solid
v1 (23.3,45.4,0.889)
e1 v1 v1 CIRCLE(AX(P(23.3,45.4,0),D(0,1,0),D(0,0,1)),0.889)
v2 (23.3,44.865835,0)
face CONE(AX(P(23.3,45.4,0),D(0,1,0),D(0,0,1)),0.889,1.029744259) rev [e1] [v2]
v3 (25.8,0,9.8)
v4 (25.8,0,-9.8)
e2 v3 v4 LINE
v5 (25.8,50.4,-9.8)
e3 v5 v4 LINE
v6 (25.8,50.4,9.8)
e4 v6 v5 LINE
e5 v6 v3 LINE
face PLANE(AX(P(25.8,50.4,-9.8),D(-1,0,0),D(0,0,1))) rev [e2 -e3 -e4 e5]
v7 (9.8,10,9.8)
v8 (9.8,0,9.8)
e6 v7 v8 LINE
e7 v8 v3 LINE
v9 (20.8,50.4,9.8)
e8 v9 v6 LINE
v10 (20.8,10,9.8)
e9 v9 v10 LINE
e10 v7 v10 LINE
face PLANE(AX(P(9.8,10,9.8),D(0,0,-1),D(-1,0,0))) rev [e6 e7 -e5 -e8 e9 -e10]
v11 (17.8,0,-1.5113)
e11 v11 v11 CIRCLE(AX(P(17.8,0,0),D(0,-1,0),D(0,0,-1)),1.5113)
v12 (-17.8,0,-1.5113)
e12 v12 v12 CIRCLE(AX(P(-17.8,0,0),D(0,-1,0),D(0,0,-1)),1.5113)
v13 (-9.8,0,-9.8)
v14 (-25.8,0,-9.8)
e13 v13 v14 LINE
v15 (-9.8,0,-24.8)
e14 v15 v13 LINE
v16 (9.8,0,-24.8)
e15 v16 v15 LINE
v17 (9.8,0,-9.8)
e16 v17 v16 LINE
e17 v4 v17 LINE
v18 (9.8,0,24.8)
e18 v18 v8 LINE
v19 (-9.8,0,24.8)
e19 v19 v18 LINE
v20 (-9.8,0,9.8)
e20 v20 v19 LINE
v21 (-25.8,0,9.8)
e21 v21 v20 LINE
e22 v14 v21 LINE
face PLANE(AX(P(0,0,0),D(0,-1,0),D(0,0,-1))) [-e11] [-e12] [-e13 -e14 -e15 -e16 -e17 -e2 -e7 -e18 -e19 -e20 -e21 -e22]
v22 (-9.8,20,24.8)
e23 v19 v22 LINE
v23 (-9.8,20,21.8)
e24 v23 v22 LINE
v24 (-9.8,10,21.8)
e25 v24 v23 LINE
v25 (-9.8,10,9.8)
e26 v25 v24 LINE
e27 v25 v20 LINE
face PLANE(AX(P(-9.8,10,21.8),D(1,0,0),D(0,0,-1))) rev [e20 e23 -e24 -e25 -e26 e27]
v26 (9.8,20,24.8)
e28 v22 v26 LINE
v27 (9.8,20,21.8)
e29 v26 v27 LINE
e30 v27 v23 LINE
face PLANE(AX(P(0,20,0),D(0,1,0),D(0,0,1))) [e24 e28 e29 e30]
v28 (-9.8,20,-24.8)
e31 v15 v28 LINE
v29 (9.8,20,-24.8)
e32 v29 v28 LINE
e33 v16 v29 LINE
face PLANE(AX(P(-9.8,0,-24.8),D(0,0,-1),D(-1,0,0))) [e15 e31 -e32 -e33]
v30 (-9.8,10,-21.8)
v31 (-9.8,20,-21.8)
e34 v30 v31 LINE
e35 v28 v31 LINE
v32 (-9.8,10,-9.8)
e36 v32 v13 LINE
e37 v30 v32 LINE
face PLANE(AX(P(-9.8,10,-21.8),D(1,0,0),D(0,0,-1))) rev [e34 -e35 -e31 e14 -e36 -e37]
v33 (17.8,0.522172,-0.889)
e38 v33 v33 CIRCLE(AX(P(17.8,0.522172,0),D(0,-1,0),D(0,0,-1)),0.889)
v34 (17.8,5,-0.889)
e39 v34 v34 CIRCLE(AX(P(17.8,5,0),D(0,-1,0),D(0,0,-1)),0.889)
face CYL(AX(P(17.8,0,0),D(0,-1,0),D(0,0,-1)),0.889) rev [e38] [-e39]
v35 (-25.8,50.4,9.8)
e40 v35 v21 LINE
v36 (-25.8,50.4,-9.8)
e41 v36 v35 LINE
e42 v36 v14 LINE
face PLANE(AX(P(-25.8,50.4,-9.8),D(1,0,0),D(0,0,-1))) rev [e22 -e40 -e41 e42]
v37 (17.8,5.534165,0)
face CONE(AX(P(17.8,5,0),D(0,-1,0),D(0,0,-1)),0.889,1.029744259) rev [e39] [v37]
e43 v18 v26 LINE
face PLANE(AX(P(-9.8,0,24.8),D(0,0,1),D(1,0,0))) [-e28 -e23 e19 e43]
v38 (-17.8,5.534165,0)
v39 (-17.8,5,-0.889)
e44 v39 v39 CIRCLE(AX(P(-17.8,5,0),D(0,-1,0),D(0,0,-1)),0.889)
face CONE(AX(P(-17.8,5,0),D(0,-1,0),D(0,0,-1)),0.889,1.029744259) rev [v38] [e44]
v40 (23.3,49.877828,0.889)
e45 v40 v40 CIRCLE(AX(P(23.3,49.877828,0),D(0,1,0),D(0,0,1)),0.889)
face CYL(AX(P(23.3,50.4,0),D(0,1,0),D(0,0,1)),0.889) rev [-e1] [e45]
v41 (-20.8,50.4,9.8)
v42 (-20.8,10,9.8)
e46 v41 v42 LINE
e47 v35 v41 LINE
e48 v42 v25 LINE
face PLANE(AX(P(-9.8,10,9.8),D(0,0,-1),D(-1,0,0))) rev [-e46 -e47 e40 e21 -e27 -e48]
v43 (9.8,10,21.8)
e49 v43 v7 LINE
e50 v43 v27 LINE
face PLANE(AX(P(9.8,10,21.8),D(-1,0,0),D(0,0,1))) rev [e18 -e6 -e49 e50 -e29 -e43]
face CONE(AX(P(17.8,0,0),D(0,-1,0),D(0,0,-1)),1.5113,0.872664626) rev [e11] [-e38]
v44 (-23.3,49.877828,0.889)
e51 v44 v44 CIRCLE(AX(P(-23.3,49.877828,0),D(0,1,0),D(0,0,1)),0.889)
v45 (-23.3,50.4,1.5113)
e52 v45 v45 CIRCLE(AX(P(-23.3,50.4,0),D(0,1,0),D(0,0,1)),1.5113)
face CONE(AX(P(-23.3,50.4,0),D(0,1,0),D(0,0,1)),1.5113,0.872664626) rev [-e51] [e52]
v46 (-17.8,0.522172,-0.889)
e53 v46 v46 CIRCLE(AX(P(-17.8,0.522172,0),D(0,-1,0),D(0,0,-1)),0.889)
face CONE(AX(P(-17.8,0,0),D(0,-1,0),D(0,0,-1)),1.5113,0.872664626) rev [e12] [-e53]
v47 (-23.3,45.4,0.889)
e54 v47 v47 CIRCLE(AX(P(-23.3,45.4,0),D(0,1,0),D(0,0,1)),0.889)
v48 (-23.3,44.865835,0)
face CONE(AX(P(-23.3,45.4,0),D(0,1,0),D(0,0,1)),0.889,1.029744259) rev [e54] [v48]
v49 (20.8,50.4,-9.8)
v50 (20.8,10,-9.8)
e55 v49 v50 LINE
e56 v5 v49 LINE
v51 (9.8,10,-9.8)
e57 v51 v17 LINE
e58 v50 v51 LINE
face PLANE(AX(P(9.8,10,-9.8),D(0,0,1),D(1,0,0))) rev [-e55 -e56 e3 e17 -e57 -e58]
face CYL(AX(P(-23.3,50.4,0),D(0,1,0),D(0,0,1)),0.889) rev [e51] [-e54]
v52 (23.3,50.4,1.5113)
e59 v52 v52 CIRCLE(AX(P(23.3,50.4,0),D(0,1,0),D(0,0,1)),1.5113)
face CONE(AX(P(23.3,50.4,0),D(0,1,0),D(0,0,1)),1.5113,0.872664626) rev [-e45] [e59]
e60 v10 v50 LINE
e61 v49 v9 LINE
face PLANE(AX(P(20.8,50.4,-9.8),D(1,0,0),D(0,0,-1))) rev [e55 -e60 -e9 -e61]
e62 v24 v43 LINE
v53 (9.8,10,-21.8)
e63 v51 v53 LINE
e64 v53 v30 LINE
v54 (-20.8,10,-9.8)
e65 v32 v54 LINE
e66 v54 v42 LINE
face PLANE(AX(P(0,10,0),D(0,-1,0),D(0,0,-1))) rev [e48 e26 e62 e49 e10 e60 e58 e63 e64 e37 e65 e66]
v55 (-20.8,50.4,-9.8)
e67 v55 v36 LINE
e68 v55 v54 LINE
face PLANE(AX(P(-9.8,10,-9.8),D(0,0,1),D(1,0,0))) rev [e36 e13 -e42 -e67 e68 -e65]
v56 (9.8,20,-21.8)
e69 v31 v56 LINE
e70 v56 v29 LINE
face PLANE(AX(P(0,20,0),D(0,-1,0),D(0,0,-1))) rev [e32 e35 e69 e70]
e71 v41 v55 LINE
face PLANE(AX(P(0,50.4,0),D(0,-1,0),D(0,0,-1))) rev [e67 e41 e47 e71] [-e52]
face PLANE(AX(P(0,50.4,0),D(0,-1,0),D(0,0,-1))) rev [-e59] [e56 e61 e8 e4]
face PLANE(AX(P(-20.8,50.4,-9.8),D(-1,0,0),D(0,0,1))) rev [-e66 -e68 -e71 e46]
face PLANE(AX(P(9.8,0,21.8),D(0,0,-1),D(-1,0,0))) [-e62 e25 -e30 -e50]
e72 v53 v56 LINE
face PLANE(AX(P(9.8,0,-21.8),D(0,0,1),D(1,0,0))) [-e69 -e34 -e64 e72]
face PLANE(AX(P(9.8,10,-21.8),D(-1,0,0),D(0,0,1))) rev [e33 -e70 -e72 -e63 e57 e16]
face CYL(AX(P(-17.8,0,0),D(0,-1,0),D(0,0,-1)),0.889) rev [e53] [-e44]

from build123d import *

# Parameters (mm, degrees)
RESSALTO_EXTRUS_O1_DEPTH                             = 10
ESBO_O2_W                                            = 5
ESBO_O2_H                                            = 19.6
RESSALTO_EXTRUS_O2_DEPTH                             = 50.4
RESSALTO_EXTRUS_O3_DEPTH                             = 10
RESSALTO_EXTRUS_O3_DEPTH_BACK                        = 10
ESBO_O3_W                                            = 19.6
ESBO_O3_H                                            = 3
ESCAREADO_PARA_PARAFUSO_DE_M_QUINA_COM_C_D           = 1.778
ESCAREADO_PARA_PARAFUSO_DE_M_QUINA_COM_C_DEPTH       = 5
ESCAREADO_PARA_PARAFUSO_DE_M_QUINA_COM_C_CSINK_D     = 3.0226
ESCAREADO_PARA_PARAFUSO_DE_M_QUINA_COM_C_CSINK_ANGLE = 100
ESCAREADO_PARA_PARAFUSO_DE_M_QUINA_COM_C_TIP         = 0.53416509
ESCAREADO_PARA_PARAFUSO_DE_M_QUINA_C_2_D             = 1.778
ESCAREADO_PARA_PARAFUSO_DE_M_QUINA_C_2_DEPTH         = 5
ESCAREADO_PARA_PARAFUSO_DE_M_QUINA_C_2_CSINK_D       = 3.0226
ESCAREADO_PARA_PARAFUSO_DE_M_QUINA_C_2_CSINK_ANGLE   = 100
ESCAREADO_PARA_PARAFUSO_DE_M_QUINA_C_2_TIP           = 0.53416509


with BuildPart() as part:
    # Esboço1 → Ressalto-extrusão1 (new body)
    with BuildSketch(Plane(origin=(0, 0, 0), x_dir=(1, 0, 0), z_dir=(0, 1, 0))):
        Polygon((-9.8, 21.8), (-9.8, 9.8), (-20.8, 9.8), (-20.8, -9.8), (-9.8, -9.8), (-9.8, -21.8), (9.8, -21.8), (9.8, -9.8), (20.8, -9.8), (20.8, 9.8), (9.8, 9.8), (9.8, 21.8), align=None)
    extrude(amount=RESSALTO_EXTRUS_O1_DEPTH)

    # Esboço2 → Ressalto-extrusão2 (add)
    with BuildSketch(Plane(origin=(0, 0, 0), x_dir=(1, 0, 0), z_dir=(0, 1, 0))):
        with Locations((23.3, 0)):
            Rectangle(ESBO_O2_W, ESBO_O2_H)
        with Locations((-23.3, 0)):
            Rectangle(ESBO_O2_W, ESBO_O2_H)
    extrude(amount=RESSALTO_EXTRUS_O2_DEPTH)

    # Esboço3 → Ressalto-extrusão3 (add, two sides: drawn at the far end of the back side and taken through both)
    with BuildSketch(Plane(origin=(0, 10, 0), x_dir=(1, 0, 0), z_dir=(0, 1, 0)).offset(-RESSALTO_EXTRUS_O3_DEPTH_BACK)):
        with Locations((0, 23.3)):
            Rectangle(ESBO_O3_W, ESBO_O3_H)
        with Locations((0, -23.3)):
            Rectangle(ESBO_O3_W, ESBO_O3_H)
    extrude(amount=RESSALTO_EXTRUS_O3_DEPTH + RESSALTO_EXTRUS_O3_DEPTH_BACK)

    # Escareado para parafuso de m_quina com c
    with Locations(Plane(origin=(0, 50.4, 0), x_dir=(1, 0, 0), z_dir=(0, 1, 0))):
        with Locations((-23.3, 0), (23.3, 0)):
            CounterSinkHole(ESCAREADO_PARA_PARAFUSO_DE_M_QUINA_COM_C_D / 2, ESCAREADO_PARA_PARAFUSO_DE_M_QUINA_COM_C_CSINK_D / 2, depth=ESCAREADO_PARA_PARAFUSO_DE_M_QUINA_COM_C_DEPTH, counter_sink_angle=ESCAREADO_PARA_PARAFUSO_DE_M_QUINA_COM_C_CSINK_ANGLE)
            with Locations((0, 0, -(ESCAREADO_PARA_PARAFUSO_DE_M_QUINA_COM_C_DEPTH + ESCAREADO_PARA_PARAFUSO_DE_M_QUINA_COM_C_TIP / 2))):  # 118° drill point
                Cone(0, ESCAREADO_PARA_PARAFUSO_DE_M_QUINA_COM_C_D / 2, ESCAREADO_PARA_PARAFUSO_DE_M_QUINA_COM_C_TIP, mode=Mode.SUBTRACT)

    # Escareado para parafuso de m_quina c 2
    with Locations(Plane(origin=(0, 0, 0), x_dir=(-1, 0, 0), z_dir=(0, -1, 0))):
        with Locations((-17.8, 0), (17.8, 0)):
            CounterSinkHole(ESCAREADO_PARA_PARAFUSO_DE_M_QUINA_C_2_D / 2, ESCAREADO_PARA_PARAFUSO_DE_M_QUINA_C_2_CSINK_D / 2, depth=ESCAREADO_PARA_PARAFUSO_DE_M_QUINA_C_2_DEPTH, counter_sink_angle=ESCAREADO_PARA_PARAFUSO_DE_M_QUINA_C_2_CSINK_ANGLE)
            with Locations((0, 0, -(ESCAREADO_PARA_PARAFUSO_DE_M_QUINA_C_2_DEPTH + ESCAREADO_PARA_PARAFUSO_DE_M_QUINA_C_2_TIP / 2))):  # 118° drill point
                Cone(0, ESCAREADO_PARA_PARAFUSO_DE_M_QUINA_C_2_D / 2, ESCAREADO_PARA_PARAFUSO_DE_M_QUINA_C_2_TIP, mode=Mode.SUBTRACT)


solid = part.part
